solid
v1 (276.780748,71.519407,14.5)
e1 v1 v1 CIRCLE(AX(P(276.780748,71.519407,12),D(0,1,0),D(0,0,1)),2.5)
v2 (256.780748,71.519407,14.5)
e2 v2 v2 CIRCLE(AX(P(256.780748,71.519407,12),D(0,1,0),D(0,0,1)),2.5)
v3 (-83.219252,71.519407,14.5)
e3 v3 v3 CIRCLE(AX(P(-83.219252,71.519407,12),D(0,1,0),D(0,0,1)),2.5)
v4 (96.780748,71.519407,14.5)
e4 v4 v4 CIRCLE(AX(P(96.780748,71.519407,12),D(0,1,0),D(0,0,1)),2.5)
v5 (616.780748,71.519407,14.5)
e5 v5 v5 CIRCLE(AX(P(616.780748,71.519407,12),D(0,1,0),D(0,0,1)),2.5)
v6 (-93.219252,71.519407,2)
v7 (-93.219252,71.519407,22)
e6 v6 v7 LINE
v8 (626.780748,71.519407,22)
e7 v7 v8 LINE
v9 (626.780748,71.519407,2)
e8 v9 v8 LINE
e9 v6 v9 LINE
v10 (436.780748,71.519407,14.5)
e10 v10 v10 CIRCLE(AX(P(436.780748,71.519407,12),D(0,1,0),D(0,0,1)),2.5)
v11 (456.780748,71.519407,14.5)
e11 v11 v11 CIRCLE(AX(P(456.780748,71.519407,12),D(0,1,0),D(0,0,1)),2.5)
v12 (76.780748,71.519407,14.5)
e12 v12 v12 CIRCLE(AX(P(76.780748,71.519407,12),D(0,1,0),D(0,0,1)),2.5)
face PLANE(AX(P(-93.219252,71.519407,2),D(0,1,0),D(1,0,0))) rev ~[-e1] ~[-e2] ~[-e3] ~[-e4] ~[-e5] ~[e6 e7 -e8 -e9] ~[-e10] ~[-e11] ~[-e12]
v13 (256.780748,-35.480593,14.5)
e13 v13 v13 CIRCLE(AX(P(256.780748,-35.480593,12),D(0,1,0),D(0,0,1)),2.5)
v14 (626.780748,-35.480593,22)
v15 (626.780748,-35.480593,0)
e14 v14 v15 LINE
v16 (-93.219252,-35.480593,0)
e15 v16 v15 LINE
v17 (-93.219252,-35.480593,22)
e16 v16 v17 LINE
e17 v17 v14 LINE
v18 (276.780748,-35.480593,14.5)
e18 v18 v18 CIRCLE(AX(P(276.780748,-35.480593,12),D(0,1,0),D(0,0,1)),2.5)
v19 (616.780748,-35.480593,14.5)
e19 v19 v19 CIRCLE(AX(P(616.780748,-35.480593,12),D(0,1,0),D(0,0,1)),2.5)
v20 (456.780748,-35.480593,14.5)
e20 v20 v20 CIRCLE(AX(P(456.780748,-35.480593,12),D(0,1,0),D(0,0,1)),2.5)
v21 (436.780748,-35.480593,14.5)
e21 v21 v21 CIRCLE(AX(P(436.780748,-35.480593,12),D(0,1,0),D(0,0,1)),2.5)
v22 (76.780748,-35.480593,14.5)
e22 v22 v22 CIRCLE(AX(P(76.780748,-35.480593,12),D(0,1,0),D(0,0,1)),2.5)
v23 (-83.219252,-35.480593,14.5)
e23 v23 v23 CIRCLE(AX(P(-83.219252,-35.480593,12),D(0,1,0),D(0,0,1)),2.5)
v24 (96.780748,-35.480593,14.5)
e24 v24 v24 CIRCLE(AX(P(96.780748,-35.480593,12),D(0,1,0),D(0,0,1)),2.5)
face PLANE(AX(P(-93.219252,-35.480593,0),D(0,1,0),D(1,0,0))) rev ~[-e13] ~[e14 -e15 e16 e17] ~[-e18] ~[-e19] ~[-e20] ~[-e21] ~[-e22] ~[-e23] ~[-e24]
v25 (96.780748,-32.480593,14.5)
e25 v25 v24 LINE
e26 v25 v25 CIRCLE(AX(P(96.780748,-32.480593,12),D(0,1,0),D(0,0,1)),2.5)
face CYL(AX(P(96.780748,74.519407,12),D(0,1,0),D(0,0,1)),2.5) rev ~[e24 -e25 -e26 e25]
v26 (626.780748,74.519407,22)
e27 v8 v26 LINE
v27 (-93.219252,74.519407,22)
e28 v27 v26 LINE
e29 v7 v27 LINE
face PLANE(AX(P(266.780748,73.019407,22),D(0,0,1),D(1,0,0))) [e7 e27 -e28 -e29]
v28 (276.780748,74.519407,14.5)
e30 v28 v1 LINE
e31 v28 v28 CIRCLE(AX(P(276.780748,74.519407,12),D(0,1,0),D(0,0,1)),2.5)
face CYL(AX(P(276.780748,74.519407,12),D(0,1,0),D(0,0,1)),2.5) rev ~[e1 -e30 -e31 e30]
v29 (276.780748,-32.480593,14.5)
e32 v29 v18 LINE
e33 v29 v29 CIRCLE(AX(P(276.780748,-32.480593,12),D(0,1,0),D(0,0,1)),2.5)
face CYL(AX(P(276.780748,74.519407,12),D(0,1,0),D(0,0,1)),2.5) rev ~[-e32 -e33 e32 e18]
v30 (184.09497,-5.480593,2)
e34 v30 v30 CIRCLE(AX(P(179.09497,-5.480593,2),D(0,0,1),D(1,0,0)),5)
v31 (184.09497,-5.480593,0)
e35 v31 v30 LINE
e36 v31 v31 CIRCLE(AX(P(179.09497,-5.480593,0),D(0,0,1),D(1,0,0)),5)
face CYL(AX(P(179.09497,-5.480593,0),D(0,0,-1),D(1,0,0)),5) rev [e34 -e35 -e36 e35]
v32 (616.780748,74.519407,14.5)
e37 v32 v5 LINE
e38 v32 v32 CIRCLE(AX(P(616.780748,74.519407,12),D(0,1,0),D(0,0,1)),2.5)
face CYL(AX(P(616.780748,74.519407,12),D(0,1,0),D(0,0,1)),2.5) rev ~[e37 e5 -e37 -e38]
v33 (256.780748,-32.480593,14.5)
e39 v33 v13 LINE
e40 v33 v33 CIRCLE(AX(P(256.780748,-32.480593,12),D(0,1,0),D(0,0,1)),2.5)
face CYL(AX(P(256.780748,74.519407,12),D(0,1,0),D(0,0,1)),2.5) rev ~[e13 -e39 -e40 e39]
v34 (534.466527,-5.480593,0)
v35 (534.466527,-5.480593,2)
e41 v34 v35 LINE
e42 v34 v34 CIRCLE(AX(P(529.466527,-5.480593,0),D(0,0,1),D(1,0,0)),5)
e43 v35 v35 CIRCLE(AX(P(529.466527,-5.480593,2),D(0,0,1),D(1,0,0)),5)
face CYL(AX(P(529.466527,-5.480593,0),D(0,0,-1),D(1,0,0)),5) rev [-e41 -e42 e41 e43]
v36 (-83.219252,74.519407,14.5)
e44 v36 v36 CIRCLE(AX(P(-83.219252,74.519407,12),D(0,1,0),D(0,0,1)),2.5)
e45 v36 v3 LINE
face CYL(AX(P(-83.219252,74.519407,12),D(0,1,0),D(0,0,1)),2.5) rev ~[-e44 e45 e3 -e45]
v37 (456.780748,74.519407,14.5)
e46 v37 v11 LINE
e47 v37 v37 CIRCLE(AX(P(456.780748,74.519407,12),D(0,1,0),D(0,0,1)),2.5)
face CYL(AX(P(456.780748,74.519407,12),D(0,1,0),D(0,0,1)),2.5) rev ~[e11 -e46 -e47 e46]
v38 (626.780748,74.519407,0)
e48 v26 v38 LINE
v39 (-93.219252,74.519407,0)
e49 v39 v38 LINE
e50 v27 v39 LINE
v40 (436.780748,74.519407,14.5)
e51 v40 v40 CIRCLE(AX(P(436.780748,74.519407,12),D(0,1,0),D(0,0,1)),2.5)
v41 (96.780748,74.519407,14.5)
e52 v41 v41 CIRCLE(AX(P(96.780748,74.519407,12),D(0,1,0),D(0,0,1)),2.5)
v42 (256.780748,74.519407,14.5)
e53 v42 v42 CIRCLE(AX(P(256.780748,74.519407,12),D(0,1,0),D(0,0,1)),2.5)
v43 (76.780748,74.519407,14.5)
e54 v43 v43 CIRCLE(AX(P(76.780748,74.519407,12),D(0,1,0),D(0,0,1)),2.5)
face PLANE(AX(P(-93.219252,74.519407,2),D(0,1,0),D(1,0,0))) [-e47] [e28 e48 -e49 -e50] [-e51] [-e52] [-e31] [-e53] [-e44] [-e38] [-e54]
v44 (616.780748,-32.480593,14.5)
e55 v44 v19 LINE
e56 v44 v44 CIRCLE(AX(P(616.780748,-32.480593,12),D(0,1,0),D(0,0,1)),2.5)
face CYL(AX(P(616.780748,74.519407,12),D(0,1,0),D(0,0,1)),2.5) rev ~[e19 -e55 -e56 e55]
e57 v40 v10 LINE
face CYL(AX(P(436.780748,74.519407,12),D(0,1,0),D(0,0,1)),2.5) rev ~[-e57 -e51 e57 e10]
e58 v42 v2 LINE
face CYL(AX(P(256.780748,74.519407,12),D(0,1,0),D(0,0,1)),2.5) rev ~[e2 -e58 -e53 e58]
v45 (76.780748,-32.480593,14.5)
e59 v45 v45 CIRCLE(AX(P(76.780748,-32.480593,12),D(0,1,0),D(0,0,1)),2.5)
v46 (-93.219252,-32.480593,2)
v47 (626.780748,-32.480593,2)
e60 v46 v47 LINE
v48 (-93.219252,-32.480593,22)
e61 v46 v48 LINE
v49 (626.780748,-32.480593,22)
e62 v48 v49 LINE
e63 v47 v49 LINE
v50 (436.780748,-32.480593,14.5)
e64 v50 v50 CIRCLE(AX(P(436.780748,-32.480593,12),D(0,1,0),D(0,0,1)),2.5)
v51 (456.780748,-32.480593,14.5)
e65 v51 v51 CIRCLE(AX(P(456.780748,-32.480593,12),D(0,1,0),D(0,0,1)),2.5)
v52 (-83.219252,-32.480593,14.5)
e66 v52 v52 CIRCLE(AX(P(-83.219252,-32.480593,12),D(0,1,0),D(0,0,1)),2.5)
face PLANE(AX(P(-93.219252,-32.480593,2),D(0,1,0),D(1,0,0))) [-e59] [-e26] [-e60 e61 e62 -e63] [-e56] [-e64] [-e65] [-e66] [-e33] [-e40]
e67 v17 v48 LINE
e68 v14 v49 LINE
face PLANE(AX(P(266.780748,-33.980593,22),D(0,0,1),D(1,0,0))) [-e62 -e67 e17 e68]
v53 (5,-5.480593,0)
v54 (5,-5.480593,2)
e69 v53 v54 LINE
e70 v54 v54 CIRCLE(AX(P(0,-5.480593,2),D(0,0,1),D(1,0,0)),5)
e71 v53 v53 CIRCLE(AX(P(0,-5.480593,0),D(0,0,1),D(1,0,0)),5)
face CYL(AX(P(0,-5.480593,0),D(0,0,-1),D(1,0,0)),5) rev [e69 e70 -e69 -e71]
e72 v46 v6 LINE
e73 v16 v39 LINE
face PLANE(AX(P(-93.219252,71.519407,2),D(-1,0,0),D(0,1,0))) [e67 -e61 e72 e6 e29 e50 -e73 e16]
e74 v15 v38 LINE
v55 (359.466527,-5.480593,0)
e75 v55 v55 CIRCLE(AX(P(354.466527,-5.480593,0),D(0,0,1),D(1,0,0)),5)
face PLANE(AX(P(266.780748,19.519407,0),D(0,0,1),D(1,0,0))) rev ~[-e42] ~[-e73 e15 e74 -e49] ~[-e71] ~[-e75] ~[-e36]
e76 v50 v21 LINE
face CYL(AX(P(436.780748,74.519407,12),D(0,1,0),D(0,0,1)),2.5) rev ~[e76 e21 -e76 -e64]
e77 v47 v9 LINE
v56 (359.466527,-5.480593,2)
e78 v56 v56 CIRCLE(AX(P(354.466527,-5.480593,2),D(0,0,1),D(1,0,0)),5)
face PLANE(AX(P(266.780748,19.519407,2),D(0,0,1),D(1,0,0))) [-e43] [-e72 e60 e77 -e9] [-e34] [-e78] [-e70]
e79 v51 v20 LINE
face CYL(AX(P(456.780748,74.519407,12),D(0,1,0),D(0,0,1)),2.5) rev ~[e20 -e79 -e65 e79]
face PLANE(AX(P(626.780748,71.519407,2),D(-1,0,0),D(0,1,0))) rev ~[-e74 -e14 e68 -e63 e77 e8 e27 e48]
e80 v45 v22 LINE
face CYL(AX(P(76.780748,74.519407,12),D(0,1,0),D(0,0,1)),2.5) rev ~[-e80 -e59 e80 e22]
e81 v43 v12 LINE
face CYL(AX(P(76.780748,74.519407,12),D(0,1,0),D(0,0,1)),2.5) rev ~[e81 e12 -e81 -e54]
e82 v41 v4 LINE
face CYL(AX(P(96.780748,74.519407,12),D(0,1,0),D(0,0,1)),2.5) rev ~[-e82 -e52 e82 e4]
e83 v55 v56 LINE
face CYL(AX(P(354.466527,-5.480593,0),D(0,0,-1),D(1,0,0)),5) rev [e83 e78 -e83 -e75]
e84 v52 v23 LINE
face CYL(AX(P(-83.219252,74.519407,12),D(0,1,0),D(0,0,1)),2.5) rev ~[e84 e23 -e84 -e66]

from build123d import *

# Parameters (mm, degrees)
SKETCH_1_W          = 720
SKETCH_1_H          = 110
SKETCH_1_R          = 5
EXTRUDE_1_DEPTH     = 2
SKETCH_2_W          = 720
SKETCH_2_H          = 3
EXTRUDE_2_DEPTH     = 20
SKETCH_3_R          = 2.5
CUT_EXTRUDE_3_DEPTH = 114


with BuildPart() as part:
    # 草图1 → 凸台-拉伸1 (new body)
    with BuildSketch(Plane.XY):
        with Locations((266.780748393, 19.519407272)):
            Rectangle(SKETCH_1_W, SKETCH_1_H)
        with Locations((0, -5.480592728)):
            Circle(SKETCH_1_R, mode=Mode.SUBTRACT)
        with Locations((179.094970205, -5.480592728)):
            Circle(SKETCH_1_R, mode=Mode.SUBTRACT)
        with Locations((354.466526581, -5.480592728)):
            Circle(SKETCH_1_R, mode=Mode.SUBTRACT)
        with Locations((529.466526581, -5.480592728)):
            Circle(SKETCH_1_R, mode=Mode.SUBTRACT)
    extrude(amount=EXTRUDE_1_DEPTH)

    # 草图2 → 凸台-拉伸2 (add)
    with BuildSketch(Plane.XY.offset(2)):
        with Locations((266.780748393, 73.019407272)):
            Rectangle(SKETCH_2_W, SKETCH_2_H)
        with Locations((266.780748393, -33.980592728)):
            Rectangle(SKETCH_2_W, SKETCH_2_H)
    extrude(amount=EXTRUDE_2_DEPTH)

    # 草图3 → 切除-拉伸3 (cut)
    with BuildSketch(Plane(origin=(0, 74.519407272, 0), x_dir=(1, 0, 0), z_dir=(0, 1, 0))):
        with Locations(Location((456.780748393, -12, 0), (0, 0, 270))):
            Circle(SKETCH_3_R)
        with Locations(Location((616.780748393, -12, 0), (0, 0, 270))):
            Circle(SKETCH_3_R)
        with Locations(Location((436.780748393, -12, 0), (0, 0, 270))):
            Circle(SKETCH_3_R)
        with Locations(Location((276.780748393, -12, 0), (0, 0, 270))):
            Circle(SKETCH_3_R)
        with Locations(Location((256.780748393, -12, 0), (0, 0, 270))):
            Circle(SKETCH_3_R)
        with Locations(Location((96.780748393, -12, 0), (0, 0, 270))):
            Circle(SKETCH_3_R)
        with Locations(Location((76.780748393, -12, 0), (0, 0, 270))):
            Circle(SKETCH_3_R)
        with Locations(Location((-83.219251607, -12, 0), (0, 0, 270))):
            Circle(SKETCH_3_R)
    extrude(amount=-CUT_EXTRUDE_3_DEPTH, mode=Mode.SUBTRACT)


solid = part.part
